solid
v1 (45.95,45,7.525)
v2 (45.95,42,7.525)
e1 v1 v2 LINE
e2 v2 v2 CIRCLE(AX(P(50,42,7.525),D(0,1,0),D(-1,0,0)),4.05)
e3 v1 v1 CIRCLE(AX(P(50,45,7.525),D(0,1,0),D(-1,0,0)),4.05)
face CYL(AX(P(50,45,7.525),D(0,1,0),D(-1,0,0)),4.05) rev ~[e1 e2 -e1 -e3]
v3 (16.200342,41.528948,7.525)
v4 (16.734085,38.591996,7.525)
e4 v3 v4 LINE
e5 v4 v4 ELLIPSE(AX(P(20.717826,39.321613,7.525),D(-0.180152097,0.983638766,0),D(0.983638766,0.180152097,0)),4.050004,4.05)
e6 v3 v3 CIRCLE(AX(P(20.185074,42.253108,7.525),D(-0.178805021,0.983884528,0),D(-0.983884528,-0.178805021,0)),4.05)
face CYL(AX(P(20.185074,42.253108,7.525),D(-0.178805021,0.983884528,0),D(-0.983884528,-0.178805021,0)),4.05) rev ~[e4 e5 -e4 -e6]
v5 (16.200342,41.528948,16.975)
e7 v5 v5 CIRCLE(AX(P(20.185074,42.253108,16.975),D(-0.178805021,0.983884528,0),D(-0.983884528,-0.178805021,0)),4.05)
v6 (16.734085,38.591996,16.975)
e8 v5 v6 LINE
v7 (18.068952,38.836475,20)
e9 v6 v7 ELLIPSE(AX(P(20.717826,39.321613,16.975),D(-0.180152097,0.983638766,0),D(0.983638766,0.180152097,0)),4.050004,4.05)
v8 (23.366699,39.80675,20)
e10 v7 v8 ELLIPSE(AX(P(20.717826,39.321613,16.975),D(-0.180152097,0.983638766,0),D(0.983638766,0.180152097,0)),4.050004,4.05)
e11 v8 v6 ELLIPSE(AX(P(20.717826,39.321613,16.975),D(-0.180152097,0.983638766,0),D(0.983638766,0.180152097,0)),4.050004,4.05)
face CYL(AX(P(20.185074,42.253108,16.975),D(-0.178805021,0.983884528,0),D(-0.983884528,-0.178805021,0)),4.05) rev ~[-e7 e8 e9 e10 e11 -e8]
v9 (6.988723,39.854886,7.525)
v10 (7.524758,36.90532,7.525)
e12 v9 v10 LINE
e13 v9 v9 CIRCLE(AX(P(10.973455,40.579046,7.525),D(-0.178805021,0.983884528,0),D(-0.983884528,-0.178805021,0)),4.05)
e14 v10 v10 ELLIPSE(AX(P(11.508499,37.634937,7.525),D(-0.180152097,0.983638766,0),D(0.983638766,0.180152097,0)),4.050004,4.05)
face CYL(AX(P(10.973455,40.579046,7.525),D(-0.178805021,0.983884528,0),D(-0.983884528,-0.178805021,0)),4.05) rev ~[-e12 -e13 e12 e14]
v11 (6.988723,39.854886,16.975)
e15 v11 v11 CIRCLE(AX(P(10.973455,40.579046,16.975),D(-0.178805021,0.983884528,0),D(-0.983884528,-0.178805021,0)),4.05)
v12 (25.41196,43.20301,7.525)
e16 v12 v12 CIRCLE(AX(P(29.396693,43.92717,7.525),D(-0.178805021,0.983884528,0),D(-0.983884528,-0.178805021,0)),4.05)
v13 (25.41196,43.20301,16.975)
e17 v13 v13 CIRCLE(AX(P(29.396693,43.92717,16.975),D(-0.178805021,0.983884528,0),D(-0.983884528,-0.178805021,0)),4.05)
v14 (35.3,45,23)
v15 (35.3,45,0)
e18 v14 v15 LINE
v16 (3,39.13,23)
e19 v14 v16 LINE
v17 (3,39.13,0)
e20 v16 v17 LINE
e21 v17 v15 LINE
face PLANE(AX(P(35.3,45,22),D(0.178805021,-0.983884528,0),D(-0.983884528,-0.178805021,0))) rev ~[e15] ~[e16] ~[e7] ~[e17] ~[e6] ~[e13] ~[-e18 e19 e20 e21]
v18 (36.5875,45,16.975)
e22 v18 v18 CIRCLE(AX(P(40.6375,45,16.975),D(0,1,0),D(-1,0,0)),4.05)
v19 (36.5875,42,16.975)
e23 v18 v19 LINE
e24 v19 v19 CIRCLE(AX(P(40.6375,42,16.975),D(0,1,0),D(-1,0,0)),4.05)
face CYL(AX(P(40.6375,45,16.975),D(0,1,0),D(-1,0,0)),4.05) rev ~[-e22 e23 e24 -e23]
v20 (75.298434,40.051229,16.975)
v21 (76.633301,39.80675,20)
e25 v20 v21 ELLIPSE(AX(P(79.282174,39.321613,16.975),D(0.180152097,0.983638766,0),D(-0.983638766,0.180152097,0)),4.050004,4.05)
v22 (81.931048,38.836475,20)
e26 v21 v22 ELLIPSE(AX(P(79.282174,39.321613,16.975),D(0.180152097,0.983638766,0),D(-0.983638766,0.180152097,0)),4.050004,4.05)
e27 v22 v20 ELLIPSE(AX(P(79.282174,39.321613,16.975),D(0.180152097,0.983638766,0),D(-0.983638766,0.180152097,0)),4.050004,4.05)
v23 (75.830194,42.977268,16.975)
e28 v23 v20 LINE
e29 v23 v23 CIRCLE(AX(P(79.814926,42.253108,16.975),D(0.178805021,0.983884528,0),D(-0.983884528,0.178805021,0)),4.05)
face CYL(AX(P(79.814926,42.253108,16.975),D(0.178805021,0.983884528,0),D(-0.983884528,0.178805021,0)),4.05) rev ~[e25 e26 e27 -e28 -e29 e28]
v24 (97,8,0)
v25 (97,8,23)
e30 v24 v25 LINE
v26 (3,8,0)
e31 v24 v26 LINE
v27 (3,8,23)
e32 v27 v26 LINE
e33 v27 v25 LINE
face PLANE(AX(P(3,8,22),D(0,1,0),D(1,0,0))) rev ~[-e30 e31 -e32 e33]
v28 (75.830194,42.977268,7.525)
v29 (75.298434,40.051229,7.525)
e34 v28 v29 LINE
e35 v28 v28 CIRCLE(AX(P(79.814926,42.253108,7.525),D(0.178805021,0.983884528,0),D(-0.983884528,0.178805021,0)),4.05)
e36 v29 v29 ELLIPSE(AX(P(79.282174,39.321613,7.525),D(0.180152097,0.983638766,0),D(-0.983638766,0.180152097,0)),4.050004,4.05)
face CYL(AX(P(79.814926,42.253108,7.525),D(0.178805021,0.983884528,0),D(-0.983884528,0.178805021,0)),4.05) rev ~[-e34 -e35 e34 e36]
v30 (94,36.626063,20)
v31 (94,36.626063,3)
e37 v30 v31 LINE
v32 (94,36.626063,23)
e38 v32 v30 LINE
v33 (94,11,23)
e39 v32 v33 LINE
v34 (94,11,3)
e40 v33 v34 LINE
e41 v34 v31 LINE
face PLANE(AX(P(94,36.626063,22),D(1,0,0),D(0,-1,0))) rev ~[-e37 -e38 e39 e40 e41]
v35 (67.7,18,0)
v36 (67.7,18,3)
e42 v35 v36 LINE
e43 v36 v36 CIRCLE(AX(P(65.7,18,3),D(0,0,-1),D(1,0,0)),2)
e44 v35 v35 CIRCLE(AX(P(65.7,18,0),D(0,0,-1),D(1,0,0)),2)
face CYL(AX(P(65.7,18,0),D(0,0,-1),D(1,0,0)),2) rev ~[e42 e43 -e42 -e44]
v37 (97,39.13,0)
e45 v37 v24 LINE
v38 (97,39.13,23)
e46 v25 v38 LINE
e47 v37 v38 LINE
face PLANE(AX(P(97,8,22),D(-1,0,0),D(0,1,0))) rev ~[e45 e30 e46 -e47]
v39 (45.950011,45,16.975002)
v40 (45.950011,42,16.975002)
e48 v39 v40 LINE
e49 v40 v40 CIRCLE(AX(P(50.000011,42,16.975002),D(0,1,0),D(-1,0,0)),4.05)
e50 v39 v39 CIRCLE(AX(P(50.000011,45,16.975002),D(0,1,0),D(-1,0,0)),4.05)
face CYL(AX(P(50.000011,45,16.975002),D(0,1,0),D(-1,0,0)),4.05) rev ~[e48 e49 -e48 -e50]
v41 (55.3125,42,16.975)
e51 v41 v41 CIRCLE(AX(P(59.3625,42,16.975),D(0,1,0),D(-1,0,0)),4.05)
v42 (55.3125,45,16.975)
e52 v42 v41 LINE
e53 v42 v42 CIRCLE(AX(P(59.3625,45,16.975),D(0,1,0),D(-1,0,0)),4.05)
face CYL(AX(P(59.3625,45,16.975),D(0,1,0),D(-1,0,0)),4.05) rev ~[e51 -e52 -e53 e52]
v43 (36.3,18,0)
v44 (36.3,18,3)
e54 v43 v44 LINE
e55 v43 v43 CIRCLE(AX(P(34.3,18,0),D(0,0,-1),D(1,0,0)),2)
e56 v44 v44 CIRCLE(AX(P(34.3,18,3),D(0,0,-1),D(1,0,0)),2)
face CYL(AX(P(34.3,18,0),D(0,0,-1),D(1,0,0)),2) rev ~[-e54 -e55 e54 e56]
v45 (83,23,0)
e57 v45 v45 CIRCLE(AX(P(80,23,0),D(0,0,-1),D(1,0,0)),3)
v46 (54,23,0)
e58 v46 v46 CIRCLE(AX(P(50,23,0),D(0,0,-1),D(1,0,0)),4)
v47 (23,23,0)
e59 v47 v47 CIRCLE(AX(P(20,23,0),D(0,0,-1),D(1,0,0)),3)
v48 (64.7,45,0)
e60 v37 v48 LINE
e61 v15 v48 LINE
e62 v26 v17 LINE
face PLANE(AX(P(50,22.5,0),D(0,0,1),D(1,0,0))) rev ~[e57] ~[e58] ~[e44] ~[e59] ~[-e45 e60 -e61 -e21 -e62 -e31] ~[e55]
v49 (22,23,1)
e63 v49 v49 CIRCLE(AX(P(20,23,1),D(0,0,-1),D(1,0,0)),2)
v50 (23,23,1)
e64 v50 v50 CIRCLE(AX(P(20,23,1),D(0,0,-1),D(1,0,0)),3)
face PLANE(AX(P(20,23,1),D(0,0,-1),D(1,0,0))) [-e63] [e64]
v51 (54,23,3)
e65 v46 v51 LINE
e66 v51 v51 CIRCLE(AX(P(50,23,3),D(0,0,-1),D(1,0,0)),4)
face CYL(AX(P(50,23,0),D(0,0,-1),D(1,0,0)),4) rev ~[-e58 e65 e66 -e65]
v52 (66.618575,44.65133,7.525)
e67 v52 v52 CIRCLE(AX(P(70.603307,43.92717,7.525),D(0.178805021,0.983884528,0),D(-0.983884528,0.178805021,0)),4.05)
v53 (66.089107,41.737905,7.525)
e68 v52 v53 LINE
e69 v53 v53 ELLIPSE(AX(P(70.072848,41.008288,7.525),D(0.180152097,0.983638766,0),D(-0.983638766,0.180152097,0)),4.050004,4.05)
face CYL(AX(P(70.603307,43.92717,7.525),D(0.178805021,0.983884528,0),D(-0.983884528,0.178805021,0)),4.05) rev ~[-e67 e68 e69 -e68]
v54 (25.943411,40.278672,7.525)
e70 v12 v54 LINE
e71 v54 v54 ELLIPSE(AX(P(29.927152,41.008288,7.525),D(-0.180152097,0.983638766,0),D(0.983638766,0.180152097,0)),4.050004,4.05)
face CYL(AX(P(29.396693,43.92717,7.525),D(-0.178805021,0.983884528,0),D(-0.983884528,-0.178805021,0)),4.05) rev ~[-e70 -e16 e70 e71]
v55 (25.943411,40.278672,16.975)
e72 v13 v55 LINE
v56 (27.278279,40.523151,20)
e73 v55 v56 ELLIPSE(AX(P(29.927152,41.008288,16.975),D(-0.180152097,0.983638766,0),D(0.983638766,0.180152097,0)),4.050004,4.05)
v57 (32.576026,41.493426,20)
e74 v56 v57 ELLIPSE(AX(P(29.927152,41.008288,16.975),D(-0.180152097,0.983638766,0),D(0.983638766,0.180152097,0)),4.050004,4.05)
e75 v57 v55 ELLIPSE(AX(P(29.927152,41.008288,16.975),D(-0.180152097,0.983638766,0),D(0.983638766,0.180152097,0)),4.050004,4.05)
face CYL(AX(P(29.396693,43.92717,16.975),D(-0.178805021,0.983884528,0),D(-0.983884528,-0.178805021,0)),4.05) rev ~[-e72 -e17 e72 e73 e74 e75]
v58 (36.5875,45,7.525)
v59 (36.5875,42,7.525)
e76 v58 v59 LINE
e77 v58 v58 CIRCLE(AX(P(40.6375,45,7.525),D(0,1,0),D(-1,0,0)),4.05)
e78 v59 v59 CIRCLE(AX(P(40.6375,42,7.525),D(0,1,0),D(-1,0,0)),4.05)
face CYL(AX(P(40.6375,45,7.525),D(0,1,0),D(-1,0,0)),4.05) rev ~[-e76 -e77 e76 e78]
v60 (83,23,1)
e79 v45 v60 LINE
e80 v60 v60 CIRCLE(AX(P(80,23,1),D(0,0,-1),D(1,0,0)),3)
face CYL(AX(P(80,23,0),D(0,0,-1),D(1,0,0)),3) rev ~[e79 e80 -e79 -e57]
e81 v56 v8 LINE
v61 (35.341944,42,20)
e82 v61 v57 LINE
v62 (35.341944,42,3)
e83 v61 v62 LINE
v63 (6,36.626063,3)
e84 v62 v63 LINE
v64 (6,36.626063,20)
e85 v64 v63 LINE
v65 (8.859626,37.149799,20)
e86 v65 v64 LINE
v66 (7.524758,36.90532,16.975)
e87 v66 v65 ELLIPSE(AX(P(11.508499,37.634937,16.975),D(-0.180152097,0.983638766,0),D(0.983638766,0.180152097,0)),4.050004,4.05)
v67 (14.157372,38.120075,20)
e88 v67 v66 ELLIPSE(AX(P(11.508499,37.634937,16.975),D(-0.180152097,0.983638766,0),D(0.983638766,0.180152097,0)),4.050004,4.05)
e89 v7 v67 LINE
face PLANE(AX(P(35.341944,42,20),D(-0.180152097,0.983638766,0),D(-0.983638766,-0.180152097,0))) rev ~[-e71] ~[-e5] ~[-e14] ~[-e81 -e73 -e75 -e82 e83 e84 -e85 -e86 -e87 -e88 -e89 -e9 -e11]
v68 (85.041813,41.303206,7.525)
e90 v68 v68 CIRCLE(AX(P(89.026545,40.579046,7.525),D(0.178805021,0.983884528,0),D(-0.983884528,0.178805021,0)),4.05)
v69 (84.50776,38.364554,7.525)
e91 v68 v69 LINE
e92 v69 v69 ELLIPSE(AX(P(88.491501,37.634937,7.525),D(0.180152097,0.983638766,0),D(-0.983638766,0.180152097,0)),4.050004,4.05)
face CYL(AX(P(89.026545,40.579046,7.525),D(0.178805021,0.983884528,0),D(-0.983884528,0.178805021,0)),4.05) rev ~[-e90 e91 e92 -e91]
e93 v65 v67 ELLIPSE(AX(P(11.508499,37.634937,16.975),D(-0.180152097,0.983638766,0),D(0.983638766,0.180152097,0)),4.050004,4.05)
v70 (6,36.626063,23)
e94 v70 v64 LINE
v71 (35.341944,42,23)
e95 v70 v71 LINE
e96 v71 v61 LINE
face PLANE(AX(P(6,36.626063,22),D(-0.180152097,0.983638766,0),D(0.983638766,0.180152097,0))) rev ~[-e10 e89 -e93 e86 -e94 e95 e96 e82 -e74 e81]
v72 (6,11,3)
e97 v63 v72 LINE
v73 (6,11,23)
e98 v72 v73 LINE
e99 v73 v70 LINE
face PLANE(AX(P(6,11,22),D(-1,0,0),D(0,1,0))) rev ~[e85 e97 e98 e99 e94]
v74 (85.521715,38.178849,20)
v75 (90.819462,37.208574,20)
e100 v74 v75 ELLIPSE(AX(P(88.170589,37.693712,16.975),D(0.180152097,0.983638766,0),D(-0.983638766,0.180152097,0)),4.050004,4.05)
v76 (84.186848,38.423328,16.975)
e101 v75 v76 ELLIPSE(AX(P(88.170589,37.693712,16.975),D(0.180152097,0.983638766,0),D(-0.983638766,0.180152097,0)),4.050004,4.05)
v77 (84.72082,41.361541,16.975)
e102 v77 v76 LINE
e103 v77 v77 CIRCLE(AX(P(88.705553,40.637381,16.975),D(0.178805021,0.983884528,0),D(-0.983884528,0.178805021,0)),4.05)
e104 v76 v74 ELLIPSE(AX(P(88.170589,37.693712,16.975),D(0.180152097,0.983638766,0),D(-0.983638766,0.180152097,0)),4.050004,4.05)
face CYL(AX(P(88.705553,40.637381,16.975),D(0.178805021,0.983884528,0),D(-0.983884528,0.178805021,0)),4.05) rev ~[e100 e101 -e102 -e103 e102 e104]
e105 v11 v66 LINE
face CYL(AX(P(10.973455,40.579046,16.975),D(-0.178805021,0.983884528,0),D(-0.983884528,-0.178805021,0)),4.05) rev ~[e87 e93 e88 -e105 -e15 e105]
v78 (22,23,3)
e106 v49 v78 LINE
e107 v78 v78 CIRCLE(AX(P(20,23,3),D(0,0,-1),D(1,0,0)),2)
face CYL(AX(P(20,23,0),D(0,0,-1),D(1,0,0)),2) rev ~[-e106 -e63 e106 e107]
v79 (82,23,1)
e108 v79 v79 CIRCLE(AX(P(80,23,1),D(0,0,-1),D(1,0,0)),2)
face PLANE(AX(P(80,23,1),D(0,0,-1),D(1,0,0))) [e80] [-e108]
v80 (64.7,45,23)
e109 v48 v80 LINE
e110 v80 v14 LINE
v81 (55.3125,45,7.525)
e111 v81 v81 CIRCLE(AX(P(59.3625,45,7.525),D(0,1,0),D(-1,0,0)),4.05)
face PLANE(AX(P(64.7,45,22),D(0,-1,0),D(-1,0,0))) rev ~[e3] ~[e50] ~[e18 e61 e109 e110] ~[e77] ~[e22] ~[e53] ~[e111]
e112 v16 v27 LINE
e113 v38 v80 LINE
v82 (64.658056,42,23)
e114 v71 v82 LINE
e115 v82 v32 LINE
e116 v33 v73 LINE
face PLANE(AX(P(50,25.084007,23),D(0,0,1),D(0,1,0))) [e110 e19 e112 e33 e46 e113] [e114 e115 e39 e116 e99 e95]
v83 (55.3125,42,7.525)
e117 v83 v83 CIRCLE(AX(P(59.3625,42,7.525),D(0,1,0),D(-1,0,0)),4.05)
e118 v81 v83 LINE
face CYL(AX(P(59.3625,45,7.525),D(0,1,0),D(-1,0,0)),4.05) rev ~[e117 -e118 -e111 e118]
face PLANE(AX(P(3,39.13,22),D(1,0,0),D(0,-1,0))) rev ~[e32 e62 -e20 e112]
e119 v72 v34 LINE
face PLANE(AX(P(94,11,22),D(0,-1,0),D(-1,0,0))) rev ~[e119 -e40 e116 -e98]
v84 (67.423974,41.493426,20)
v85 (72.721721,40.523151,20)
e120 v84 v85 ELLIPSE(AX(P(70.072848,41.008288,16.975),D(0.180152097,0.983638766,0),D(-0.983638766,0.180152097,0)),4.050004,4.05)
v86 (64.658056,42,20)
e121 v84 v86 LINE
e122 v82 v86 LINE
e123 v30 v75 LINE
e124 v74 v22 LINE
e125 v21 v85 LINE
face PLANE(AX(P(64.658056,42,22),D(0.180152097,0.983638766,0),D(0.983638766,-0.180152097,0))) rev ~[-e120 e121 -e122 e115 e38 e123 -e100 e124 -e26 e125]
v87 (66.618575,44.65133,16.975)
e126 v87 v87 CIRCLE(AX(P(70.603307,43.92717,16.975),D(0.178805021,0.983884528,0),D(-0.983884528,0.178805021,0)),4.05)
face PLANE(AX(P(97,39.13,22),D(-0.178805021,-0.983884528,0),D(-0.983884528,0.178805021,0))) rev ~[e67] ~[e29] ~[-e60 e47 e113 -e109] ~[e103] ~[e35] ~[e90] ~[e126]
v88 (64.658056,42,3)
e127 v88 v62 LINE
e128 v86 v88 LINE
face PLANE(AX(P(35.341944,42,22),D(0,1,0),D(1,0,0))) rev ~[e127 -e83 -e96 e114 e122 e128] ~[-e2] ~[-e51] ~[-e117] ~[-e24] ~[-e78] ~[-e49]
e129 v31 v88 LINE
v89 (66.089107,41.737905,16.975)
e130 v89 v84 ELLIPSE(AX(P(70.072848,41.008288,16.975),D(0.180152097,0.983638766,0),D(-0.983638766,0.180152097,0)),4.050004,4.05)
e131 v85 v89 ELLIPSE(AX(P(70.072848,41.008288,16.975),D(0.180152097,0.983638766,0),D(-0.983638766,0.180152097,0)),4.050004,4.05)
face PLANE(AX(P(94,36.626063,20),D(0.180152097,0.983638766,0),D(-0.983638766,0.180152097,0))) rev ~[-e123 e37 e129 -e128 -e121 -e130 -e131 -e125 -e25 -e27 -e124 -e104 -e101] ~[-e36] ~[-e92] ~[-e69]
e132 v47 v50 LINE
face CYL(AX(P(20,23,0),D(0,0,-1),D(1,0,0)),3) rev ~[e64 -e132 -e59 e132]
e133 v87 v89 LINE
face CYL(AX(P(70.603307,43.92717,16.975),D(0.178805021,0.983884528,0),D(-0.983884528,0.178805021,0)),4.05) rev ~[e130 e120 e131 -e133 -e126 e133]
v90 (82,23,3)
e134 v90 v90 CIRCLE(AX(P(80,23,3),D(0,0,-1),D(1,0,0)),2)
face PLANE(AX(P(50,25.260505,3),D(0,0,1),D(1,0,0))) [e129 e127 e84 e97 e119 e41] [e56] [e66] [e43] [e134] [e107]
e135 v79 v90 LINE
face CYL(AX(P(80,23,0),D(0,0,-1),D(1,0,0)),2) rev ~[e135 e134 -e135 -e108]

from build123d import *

# Parameters (mm, degrees)
SKETCH_W          = 100
SKETCH_H          = 45
PAD_DEPTH         = 20
PAD_FACE2_W       = 45
PAD_FACE2_H       = 20
POCKET_DEPTH      = 3
POCKET_FACE5_W    = 45
POCKET_FACE5_H    = 20
POCKET001_DEPTH   = 3
POCKET001_FACE1_W = 94
POCKET001_FACE1_H = 20
POCKET002_DEPTH   = 8
POCKET003_DEPTH   = 20
POCKET004_DEPTH   = 17
PAD001_DEPTH      = 2
SKETCH003_R       = 4.025
POCKET005_DEPTH   = 5
SKETCH004_R       = 4.025
POCKET006_DEPTH   = 5
SKETCH005_R       = 4.025
POCKET007_DEPTH   = 5
SKETCH006_R       = 4
SKETCH006_R_2     = 2
POCKET008_DEPTH   = 5
SKETCH007_R       = 3
POCKET009_DEPTH   = 1
PAD002_DEPTH      = 1
SKETCH008_R       = 4.05
POCKET010_DEPTH   = 5
SKETCH009_R       = 4.05
POCKET011_DEPTH   = 5
SKETCH010_R       = 4.05
POCKET012_DEPTH   = 5
SKETCH011_R       = 4
POCKET013_DEPTH   = 5
SKETCH012_W       = 15.333549
SKETCH012_H       = 10.93085
PAD003_DEPTH      = 3


with BuildPart() as part:
    # Sketch → Pad (new body)
    with BuildSketch(Plane.XY):
        with Locations((50, 22.5)):
            Rectangle(SKETCH_W, SKETCH_H)
    extrude(amount=PAD_DEPTH)

    # Pad Face2 → Pocket (cut)
    with BuildSketch(Plane(origin=(100, 22.5, 10), x_dir=(0, -1, 0), z_dir=(1, 0, 0))):
        Rectangle(PAD_FACE2_W, PAD_FACE2_H)
    extrude(amount=-POCKET_DEPTH, mode=Mode.SUBTRACT)

    # Pocket Face5 → Pocket001 (cut)
    with BuildSketch(Plane(origin=(0, 22.5, 10), x_dir=(0, 1, 0), z_dir=(-1, 0, 0))):
        Rectangle(POCKET_FACE5_W, POCKET_FACE5_H)
    extrude(amount=-POCKET001_DEPTH, mode=Mode.SUBTRACT)

    # Pocket001 Face1 → Pocket002 (cut)
    with BuildSketch(Plane(origin=(50, 0, 10), x_dir=(-1, 0, 0), z_dir=(0, -1, 0))):
        Rectangle(POCKET001_FACE1_W, POCKET001_FACE1_H)
    extrude(amount=-POCKET002_DEPTH, mode=Mode.SUBTRACT)

    # Sketch001 (on Face6 of Pocket002) → Pocket003 (cut)
    with BuildSketch(Plane.XY.offset(20)):
        Polygon((3, 45), (3, 39.13), (35.3, 45), align=None)
        Polygon((64.7, 45), (97, 45), (97, 39.13), align=None)
    extrude(amount=-POCKET003_DEPTH, mode=Mode.SUBTRACT)

    # Sketch002 (on Face8 of Pocket003) → Pocket004 (cut)
    with BuildSketch(Plane.XY.offset(20)):
        Polygon((6, 36.6260629355), (6, 11), (94, 11), (94, 36.6260629355), (64.6580556127, 42), (35.3419443873, 42), align=None)
    extrude(amount=-POCKET004_DEPTH, mode=Mode.SUBTRACT)

    # Pocket004 Face8 → Pad001 (add)
    with BuildSketch(Plane(origin=(50, 25.1421826555, 20), x_dir=(0, 1, 0), z_dir=(0, 0, 1))):
        Polygon((-17.1421826555, 47), (-17.1421826555, -47), (13.9878173445, -47), (19.8578173445, -14.7), (19.8578173445, 14.7), (13.9878173445, 47), align=None)
        Polygon((-14.1421826555, 44), (11.4838802799, 44), (16.8578173445, 14.6580556127), (16.8578173445, -14.6580556127), (11.4838802799, -44), (-14.1421826555, -44), align=None, mode=Mode.SUBTRACT)
    extrude(amount=PAD001_DEPTH)

    # Sketch003 (on Face6 of Pad001) → Pocket005 (cut)
    with BuildSketch(Plane(origin=(0, 45, 0), x_dir=(-1, 0, 0), z_dir=(0, 1, 0))):
        with Locations((-59.3625, 16.975)):
            Circle(SKETCH003_R)
        with Locations((-50, 16.975)):
            Circle(SKETCH003_R)
        with Locations((-40.6375, 16.975)):
            Circle(SKETCH003_R)
        with Locations((-59.3625, 7.525)):
            Circle(SKETCH003_R)
        with Locations((-50, 7.525)):
            Circle(SKETCH003_R)
        with Locations((-40.6375, 7.525)):
            Circle(SKETCH003_R)
    extrude(amount=-POCKET005_DEPTH, mode=Mode.SUBTRACT)

    # Sketch004 (on Face6 of Pocket005) → Pocket006 (cut)
    with BuildSketch(Plane(origin=(9.9850961575, 54.9435444444, 0), x_dir=(-0.983884528, 0.178805021, 0), z_dir=(0.178805021, 0.983884528, 0))):
        with Locations((-80.0098530156, 16.975)):
            Circle(SKETCH004_R)
        with Locations((-70.9736030156, 16.975)):
            Circle(SKETCH004_R)
        with Locations((-61.6111030156, 16.975)):
            Circle(SKETCH004_R)
        with Locations((-80.3361030156, 7.525)):
            Circle(SKETCH004_R)
        with Locations((-70.9736030156, 7.525)):
            Circle(SKETCH004_R)
        with Locations((-61.6111030156, 7.525)):
            Circle(SKETCH004_R)
    extrude(amount=-POCKET006_DEPTH, mode=Mode.SUBTRACT)

    # Sketch005 (on Face4 of Pocket006) → Pocket007 (cut)
    with BuildSketch(Plane(origin=(-6.7879726028, 37.3511950719, 0), x_dir=(-0.983884528, -0.178805021, 0), z_dir=(-0.178805021, 0.983884528, 0))):
        with Locations((-36.7773497852, 16.975)):
            Circle(SKETCH005_R)
        with Locations((-27.4148497852, 16.975)):
            Circle(SKETCH005_R)
        with Locations((-18.0523497852, 16.975)):
            Circle(SKETCH005_R)
        with Locations((-36.7773497852, 7.525)):
            Circle(SKETCH005_R)
        with Locations((-27.4148497852, 7.525)):
            Circle(SKETCH005_R)
        with Locations((-18.0523497852, 7.525)):
            Circle(SKETCH005_R)
    extrude(amount=-POCKET007_DEPTH, mode=Mode.SUBTRACT)

    # Sketch006 (on Face1 of Pocket007) → Pocket008 (cut)
    with BuildSketch(Plane(origin=(0, 0, 0), x_dir=(1, 0, 0), z_dir=(0, 0, -1))):
        with Locations((50, -23)):
            Circle(SKETCH006_R)
        with Locations((65.7, -18)):
            Circle(SKETCH006_R_2)
        with Locations((34.3, -18)):
            Circle(SKETCH006_R_2)
        with Locations((20, -23)):
            Circle(SKETCH006_R_2)
        with Locations((80, -23)):
            Circle(SKETCH006_R_2)
    extrude(amount=-POCKET008_DEPTH, mode=Mode.SUBTRACT)

    # Sketch007 (on Face1 of Pocket008) → Pocket009 (cut)
    with BuildSketch(Plane(origin=(0, 0, 0), x_dir=(1, 0, 0), z_dir=(0, 0, -1))):
        with Locations((20, -23)):
            Circle(SKETCH007_R)
        with Locations((80, -23)):
            Circle(SKETCH007_R)
    extrude(amount=-POCKET009_DEPTH, mode=Mode.SUBTRACT)

    # Pocket009 Face13 → Pad002 (add)
    with BuildSketch(Plane(origin=(50, 25.1421826555, 22), x_dir=(0, 1, 0), z_dir=(0, 0, 1))):
        Polygon((-17.1421826555, 47), (-17.1421826555, -47), (13.9878173445, -47), (19.8578173445, -14.7), (19.8578173445, 14.7), (13.9878173445, 47), align=None)
        Polygon((-14.1421826555, 44), (11.4838802799, 44), (16.8578173445, 14.6580556127), (16.8578173445, -14.6580556127), (11.4838802799, -44), (-14.1421826555, -44), align=None, mode=Mode.SUBTRACT)
    extrude(amount=PAD002_DEPTH)

    # Sketch008 (on Face30 of Pad002) → Pocket010 (cut)
    with BuildSketch(Plane(origin=(0, 45, 0), x_dir=(-1, 0, 0), z_dir=(0, 1, 0))):
        with Locations((-59.3625, 16.975)):
            Circle(SKETCH008_R)
        with Locations((-50.000011, 16.975002)):
            Circle(SKETCH008_R)
        with Locations((-40.6375, 16.975)):
            Circle(SKETCH008_R)
        with Locations((-40.6375, 7.525)):
            Circle(SKETCH008_R)
        with Locations((-50, 7.525)):
            Circle(SKETCH008_R)
        with Locations((-59.3625, 7.525)):
            Circle(SKETCH008_R)
    extrude(amount=-POCKET010_DEPTH, mode=Mode.SUBTRACT)

    # Sketch009 (on Face6 of Pocket010) → Pocket011 (cut)
    with BuildSketch(Plane(origin=(9.9850961575, 54.9435444444, 0), x_dir=(-0.983884528, 0.178805021, 0), z_dir=(0.178805021, 0.983884528, 0))):
        with Locations((-80.0098530156, 16.975)):
            Circle(SKETCH009_R)
        with Locations((-70.9736030156, 16.975)):
            Circle(SKETCH009_R)
        with Locations((-61.6111030156, 16.975)):
            Circle(SKETCH009_R)
        with Locations((-61.6111030156, 7.525)):
            Circle(SKETCH009_R)
        with Locations((-70.9736030156, 7.525)):
            Circle(SKETCH009_R)
        with Locations((-80.3361030156, 7.525)):
            Circle(SKETCH009_R)
    extrude(amount=-POCKET011_DEPTH, mode=Mode.SUBTRACT)

    # Sketch010 (on Face5 of Pocket011) → Pocket012 (cut)
    with BuildSketch(Plane(origin=(-6.7879726028, 37.3511950719, 0), x_dir=(-0.983884528, -0.178805021, 0), z_dir=(-0.178805021, 0.983884528, 0))):
        with Locations((-36.7773497852, 16.975)):
            Circle(SKETCH010_R)
        with Locations((-27.4148497852, 16.975)):
            Circle(SKETCH010_R)
        with Locations((-18.0523497852, 16.975)):
            Circle(SKETCH010_R)
        with Locations((-18.0523497852, 7.525)):
            Circle(SKETCH010_R)
        with Locations((-27.4148497852, 7.525)):
            Circle(SKETCH010_R)
        with Locations((-36.7773497852, 7.525)):
            Circle(SKETCH010_R)
    extrude(amount=-POCKET012_DEPTH, mode=Mode.SUBTRACT)

    # Sketch011 (on Face3 of Pocket012) → Pocket013 (cut)
    with BuildSketch(Plane(origin=(3, 0, 0), x_dir=(0, -1, 0), z_dir=(-1, 0, 0))):
        with Locations((-20, 15)):
            Circle(SKETCH011_R)
    extrude(amount=-POCKET013_DEPTH, mode=Mode.SUBTRACT)

    # Sketch012 (on Face3 of Pocket013) → Pad003 (join)
    with BuildSketch(Plane(origin=(3, 0, 0), x_dir=(0, -1, 0), z_dir=(-1, 0, 0))):
        with Locations((-20.0389255, 14.391196)):
            Rectangle(SKETCH012_W, SKETCH012_H)
    extrude(amount=-PAD003_DEPTH)


solid = part.part
